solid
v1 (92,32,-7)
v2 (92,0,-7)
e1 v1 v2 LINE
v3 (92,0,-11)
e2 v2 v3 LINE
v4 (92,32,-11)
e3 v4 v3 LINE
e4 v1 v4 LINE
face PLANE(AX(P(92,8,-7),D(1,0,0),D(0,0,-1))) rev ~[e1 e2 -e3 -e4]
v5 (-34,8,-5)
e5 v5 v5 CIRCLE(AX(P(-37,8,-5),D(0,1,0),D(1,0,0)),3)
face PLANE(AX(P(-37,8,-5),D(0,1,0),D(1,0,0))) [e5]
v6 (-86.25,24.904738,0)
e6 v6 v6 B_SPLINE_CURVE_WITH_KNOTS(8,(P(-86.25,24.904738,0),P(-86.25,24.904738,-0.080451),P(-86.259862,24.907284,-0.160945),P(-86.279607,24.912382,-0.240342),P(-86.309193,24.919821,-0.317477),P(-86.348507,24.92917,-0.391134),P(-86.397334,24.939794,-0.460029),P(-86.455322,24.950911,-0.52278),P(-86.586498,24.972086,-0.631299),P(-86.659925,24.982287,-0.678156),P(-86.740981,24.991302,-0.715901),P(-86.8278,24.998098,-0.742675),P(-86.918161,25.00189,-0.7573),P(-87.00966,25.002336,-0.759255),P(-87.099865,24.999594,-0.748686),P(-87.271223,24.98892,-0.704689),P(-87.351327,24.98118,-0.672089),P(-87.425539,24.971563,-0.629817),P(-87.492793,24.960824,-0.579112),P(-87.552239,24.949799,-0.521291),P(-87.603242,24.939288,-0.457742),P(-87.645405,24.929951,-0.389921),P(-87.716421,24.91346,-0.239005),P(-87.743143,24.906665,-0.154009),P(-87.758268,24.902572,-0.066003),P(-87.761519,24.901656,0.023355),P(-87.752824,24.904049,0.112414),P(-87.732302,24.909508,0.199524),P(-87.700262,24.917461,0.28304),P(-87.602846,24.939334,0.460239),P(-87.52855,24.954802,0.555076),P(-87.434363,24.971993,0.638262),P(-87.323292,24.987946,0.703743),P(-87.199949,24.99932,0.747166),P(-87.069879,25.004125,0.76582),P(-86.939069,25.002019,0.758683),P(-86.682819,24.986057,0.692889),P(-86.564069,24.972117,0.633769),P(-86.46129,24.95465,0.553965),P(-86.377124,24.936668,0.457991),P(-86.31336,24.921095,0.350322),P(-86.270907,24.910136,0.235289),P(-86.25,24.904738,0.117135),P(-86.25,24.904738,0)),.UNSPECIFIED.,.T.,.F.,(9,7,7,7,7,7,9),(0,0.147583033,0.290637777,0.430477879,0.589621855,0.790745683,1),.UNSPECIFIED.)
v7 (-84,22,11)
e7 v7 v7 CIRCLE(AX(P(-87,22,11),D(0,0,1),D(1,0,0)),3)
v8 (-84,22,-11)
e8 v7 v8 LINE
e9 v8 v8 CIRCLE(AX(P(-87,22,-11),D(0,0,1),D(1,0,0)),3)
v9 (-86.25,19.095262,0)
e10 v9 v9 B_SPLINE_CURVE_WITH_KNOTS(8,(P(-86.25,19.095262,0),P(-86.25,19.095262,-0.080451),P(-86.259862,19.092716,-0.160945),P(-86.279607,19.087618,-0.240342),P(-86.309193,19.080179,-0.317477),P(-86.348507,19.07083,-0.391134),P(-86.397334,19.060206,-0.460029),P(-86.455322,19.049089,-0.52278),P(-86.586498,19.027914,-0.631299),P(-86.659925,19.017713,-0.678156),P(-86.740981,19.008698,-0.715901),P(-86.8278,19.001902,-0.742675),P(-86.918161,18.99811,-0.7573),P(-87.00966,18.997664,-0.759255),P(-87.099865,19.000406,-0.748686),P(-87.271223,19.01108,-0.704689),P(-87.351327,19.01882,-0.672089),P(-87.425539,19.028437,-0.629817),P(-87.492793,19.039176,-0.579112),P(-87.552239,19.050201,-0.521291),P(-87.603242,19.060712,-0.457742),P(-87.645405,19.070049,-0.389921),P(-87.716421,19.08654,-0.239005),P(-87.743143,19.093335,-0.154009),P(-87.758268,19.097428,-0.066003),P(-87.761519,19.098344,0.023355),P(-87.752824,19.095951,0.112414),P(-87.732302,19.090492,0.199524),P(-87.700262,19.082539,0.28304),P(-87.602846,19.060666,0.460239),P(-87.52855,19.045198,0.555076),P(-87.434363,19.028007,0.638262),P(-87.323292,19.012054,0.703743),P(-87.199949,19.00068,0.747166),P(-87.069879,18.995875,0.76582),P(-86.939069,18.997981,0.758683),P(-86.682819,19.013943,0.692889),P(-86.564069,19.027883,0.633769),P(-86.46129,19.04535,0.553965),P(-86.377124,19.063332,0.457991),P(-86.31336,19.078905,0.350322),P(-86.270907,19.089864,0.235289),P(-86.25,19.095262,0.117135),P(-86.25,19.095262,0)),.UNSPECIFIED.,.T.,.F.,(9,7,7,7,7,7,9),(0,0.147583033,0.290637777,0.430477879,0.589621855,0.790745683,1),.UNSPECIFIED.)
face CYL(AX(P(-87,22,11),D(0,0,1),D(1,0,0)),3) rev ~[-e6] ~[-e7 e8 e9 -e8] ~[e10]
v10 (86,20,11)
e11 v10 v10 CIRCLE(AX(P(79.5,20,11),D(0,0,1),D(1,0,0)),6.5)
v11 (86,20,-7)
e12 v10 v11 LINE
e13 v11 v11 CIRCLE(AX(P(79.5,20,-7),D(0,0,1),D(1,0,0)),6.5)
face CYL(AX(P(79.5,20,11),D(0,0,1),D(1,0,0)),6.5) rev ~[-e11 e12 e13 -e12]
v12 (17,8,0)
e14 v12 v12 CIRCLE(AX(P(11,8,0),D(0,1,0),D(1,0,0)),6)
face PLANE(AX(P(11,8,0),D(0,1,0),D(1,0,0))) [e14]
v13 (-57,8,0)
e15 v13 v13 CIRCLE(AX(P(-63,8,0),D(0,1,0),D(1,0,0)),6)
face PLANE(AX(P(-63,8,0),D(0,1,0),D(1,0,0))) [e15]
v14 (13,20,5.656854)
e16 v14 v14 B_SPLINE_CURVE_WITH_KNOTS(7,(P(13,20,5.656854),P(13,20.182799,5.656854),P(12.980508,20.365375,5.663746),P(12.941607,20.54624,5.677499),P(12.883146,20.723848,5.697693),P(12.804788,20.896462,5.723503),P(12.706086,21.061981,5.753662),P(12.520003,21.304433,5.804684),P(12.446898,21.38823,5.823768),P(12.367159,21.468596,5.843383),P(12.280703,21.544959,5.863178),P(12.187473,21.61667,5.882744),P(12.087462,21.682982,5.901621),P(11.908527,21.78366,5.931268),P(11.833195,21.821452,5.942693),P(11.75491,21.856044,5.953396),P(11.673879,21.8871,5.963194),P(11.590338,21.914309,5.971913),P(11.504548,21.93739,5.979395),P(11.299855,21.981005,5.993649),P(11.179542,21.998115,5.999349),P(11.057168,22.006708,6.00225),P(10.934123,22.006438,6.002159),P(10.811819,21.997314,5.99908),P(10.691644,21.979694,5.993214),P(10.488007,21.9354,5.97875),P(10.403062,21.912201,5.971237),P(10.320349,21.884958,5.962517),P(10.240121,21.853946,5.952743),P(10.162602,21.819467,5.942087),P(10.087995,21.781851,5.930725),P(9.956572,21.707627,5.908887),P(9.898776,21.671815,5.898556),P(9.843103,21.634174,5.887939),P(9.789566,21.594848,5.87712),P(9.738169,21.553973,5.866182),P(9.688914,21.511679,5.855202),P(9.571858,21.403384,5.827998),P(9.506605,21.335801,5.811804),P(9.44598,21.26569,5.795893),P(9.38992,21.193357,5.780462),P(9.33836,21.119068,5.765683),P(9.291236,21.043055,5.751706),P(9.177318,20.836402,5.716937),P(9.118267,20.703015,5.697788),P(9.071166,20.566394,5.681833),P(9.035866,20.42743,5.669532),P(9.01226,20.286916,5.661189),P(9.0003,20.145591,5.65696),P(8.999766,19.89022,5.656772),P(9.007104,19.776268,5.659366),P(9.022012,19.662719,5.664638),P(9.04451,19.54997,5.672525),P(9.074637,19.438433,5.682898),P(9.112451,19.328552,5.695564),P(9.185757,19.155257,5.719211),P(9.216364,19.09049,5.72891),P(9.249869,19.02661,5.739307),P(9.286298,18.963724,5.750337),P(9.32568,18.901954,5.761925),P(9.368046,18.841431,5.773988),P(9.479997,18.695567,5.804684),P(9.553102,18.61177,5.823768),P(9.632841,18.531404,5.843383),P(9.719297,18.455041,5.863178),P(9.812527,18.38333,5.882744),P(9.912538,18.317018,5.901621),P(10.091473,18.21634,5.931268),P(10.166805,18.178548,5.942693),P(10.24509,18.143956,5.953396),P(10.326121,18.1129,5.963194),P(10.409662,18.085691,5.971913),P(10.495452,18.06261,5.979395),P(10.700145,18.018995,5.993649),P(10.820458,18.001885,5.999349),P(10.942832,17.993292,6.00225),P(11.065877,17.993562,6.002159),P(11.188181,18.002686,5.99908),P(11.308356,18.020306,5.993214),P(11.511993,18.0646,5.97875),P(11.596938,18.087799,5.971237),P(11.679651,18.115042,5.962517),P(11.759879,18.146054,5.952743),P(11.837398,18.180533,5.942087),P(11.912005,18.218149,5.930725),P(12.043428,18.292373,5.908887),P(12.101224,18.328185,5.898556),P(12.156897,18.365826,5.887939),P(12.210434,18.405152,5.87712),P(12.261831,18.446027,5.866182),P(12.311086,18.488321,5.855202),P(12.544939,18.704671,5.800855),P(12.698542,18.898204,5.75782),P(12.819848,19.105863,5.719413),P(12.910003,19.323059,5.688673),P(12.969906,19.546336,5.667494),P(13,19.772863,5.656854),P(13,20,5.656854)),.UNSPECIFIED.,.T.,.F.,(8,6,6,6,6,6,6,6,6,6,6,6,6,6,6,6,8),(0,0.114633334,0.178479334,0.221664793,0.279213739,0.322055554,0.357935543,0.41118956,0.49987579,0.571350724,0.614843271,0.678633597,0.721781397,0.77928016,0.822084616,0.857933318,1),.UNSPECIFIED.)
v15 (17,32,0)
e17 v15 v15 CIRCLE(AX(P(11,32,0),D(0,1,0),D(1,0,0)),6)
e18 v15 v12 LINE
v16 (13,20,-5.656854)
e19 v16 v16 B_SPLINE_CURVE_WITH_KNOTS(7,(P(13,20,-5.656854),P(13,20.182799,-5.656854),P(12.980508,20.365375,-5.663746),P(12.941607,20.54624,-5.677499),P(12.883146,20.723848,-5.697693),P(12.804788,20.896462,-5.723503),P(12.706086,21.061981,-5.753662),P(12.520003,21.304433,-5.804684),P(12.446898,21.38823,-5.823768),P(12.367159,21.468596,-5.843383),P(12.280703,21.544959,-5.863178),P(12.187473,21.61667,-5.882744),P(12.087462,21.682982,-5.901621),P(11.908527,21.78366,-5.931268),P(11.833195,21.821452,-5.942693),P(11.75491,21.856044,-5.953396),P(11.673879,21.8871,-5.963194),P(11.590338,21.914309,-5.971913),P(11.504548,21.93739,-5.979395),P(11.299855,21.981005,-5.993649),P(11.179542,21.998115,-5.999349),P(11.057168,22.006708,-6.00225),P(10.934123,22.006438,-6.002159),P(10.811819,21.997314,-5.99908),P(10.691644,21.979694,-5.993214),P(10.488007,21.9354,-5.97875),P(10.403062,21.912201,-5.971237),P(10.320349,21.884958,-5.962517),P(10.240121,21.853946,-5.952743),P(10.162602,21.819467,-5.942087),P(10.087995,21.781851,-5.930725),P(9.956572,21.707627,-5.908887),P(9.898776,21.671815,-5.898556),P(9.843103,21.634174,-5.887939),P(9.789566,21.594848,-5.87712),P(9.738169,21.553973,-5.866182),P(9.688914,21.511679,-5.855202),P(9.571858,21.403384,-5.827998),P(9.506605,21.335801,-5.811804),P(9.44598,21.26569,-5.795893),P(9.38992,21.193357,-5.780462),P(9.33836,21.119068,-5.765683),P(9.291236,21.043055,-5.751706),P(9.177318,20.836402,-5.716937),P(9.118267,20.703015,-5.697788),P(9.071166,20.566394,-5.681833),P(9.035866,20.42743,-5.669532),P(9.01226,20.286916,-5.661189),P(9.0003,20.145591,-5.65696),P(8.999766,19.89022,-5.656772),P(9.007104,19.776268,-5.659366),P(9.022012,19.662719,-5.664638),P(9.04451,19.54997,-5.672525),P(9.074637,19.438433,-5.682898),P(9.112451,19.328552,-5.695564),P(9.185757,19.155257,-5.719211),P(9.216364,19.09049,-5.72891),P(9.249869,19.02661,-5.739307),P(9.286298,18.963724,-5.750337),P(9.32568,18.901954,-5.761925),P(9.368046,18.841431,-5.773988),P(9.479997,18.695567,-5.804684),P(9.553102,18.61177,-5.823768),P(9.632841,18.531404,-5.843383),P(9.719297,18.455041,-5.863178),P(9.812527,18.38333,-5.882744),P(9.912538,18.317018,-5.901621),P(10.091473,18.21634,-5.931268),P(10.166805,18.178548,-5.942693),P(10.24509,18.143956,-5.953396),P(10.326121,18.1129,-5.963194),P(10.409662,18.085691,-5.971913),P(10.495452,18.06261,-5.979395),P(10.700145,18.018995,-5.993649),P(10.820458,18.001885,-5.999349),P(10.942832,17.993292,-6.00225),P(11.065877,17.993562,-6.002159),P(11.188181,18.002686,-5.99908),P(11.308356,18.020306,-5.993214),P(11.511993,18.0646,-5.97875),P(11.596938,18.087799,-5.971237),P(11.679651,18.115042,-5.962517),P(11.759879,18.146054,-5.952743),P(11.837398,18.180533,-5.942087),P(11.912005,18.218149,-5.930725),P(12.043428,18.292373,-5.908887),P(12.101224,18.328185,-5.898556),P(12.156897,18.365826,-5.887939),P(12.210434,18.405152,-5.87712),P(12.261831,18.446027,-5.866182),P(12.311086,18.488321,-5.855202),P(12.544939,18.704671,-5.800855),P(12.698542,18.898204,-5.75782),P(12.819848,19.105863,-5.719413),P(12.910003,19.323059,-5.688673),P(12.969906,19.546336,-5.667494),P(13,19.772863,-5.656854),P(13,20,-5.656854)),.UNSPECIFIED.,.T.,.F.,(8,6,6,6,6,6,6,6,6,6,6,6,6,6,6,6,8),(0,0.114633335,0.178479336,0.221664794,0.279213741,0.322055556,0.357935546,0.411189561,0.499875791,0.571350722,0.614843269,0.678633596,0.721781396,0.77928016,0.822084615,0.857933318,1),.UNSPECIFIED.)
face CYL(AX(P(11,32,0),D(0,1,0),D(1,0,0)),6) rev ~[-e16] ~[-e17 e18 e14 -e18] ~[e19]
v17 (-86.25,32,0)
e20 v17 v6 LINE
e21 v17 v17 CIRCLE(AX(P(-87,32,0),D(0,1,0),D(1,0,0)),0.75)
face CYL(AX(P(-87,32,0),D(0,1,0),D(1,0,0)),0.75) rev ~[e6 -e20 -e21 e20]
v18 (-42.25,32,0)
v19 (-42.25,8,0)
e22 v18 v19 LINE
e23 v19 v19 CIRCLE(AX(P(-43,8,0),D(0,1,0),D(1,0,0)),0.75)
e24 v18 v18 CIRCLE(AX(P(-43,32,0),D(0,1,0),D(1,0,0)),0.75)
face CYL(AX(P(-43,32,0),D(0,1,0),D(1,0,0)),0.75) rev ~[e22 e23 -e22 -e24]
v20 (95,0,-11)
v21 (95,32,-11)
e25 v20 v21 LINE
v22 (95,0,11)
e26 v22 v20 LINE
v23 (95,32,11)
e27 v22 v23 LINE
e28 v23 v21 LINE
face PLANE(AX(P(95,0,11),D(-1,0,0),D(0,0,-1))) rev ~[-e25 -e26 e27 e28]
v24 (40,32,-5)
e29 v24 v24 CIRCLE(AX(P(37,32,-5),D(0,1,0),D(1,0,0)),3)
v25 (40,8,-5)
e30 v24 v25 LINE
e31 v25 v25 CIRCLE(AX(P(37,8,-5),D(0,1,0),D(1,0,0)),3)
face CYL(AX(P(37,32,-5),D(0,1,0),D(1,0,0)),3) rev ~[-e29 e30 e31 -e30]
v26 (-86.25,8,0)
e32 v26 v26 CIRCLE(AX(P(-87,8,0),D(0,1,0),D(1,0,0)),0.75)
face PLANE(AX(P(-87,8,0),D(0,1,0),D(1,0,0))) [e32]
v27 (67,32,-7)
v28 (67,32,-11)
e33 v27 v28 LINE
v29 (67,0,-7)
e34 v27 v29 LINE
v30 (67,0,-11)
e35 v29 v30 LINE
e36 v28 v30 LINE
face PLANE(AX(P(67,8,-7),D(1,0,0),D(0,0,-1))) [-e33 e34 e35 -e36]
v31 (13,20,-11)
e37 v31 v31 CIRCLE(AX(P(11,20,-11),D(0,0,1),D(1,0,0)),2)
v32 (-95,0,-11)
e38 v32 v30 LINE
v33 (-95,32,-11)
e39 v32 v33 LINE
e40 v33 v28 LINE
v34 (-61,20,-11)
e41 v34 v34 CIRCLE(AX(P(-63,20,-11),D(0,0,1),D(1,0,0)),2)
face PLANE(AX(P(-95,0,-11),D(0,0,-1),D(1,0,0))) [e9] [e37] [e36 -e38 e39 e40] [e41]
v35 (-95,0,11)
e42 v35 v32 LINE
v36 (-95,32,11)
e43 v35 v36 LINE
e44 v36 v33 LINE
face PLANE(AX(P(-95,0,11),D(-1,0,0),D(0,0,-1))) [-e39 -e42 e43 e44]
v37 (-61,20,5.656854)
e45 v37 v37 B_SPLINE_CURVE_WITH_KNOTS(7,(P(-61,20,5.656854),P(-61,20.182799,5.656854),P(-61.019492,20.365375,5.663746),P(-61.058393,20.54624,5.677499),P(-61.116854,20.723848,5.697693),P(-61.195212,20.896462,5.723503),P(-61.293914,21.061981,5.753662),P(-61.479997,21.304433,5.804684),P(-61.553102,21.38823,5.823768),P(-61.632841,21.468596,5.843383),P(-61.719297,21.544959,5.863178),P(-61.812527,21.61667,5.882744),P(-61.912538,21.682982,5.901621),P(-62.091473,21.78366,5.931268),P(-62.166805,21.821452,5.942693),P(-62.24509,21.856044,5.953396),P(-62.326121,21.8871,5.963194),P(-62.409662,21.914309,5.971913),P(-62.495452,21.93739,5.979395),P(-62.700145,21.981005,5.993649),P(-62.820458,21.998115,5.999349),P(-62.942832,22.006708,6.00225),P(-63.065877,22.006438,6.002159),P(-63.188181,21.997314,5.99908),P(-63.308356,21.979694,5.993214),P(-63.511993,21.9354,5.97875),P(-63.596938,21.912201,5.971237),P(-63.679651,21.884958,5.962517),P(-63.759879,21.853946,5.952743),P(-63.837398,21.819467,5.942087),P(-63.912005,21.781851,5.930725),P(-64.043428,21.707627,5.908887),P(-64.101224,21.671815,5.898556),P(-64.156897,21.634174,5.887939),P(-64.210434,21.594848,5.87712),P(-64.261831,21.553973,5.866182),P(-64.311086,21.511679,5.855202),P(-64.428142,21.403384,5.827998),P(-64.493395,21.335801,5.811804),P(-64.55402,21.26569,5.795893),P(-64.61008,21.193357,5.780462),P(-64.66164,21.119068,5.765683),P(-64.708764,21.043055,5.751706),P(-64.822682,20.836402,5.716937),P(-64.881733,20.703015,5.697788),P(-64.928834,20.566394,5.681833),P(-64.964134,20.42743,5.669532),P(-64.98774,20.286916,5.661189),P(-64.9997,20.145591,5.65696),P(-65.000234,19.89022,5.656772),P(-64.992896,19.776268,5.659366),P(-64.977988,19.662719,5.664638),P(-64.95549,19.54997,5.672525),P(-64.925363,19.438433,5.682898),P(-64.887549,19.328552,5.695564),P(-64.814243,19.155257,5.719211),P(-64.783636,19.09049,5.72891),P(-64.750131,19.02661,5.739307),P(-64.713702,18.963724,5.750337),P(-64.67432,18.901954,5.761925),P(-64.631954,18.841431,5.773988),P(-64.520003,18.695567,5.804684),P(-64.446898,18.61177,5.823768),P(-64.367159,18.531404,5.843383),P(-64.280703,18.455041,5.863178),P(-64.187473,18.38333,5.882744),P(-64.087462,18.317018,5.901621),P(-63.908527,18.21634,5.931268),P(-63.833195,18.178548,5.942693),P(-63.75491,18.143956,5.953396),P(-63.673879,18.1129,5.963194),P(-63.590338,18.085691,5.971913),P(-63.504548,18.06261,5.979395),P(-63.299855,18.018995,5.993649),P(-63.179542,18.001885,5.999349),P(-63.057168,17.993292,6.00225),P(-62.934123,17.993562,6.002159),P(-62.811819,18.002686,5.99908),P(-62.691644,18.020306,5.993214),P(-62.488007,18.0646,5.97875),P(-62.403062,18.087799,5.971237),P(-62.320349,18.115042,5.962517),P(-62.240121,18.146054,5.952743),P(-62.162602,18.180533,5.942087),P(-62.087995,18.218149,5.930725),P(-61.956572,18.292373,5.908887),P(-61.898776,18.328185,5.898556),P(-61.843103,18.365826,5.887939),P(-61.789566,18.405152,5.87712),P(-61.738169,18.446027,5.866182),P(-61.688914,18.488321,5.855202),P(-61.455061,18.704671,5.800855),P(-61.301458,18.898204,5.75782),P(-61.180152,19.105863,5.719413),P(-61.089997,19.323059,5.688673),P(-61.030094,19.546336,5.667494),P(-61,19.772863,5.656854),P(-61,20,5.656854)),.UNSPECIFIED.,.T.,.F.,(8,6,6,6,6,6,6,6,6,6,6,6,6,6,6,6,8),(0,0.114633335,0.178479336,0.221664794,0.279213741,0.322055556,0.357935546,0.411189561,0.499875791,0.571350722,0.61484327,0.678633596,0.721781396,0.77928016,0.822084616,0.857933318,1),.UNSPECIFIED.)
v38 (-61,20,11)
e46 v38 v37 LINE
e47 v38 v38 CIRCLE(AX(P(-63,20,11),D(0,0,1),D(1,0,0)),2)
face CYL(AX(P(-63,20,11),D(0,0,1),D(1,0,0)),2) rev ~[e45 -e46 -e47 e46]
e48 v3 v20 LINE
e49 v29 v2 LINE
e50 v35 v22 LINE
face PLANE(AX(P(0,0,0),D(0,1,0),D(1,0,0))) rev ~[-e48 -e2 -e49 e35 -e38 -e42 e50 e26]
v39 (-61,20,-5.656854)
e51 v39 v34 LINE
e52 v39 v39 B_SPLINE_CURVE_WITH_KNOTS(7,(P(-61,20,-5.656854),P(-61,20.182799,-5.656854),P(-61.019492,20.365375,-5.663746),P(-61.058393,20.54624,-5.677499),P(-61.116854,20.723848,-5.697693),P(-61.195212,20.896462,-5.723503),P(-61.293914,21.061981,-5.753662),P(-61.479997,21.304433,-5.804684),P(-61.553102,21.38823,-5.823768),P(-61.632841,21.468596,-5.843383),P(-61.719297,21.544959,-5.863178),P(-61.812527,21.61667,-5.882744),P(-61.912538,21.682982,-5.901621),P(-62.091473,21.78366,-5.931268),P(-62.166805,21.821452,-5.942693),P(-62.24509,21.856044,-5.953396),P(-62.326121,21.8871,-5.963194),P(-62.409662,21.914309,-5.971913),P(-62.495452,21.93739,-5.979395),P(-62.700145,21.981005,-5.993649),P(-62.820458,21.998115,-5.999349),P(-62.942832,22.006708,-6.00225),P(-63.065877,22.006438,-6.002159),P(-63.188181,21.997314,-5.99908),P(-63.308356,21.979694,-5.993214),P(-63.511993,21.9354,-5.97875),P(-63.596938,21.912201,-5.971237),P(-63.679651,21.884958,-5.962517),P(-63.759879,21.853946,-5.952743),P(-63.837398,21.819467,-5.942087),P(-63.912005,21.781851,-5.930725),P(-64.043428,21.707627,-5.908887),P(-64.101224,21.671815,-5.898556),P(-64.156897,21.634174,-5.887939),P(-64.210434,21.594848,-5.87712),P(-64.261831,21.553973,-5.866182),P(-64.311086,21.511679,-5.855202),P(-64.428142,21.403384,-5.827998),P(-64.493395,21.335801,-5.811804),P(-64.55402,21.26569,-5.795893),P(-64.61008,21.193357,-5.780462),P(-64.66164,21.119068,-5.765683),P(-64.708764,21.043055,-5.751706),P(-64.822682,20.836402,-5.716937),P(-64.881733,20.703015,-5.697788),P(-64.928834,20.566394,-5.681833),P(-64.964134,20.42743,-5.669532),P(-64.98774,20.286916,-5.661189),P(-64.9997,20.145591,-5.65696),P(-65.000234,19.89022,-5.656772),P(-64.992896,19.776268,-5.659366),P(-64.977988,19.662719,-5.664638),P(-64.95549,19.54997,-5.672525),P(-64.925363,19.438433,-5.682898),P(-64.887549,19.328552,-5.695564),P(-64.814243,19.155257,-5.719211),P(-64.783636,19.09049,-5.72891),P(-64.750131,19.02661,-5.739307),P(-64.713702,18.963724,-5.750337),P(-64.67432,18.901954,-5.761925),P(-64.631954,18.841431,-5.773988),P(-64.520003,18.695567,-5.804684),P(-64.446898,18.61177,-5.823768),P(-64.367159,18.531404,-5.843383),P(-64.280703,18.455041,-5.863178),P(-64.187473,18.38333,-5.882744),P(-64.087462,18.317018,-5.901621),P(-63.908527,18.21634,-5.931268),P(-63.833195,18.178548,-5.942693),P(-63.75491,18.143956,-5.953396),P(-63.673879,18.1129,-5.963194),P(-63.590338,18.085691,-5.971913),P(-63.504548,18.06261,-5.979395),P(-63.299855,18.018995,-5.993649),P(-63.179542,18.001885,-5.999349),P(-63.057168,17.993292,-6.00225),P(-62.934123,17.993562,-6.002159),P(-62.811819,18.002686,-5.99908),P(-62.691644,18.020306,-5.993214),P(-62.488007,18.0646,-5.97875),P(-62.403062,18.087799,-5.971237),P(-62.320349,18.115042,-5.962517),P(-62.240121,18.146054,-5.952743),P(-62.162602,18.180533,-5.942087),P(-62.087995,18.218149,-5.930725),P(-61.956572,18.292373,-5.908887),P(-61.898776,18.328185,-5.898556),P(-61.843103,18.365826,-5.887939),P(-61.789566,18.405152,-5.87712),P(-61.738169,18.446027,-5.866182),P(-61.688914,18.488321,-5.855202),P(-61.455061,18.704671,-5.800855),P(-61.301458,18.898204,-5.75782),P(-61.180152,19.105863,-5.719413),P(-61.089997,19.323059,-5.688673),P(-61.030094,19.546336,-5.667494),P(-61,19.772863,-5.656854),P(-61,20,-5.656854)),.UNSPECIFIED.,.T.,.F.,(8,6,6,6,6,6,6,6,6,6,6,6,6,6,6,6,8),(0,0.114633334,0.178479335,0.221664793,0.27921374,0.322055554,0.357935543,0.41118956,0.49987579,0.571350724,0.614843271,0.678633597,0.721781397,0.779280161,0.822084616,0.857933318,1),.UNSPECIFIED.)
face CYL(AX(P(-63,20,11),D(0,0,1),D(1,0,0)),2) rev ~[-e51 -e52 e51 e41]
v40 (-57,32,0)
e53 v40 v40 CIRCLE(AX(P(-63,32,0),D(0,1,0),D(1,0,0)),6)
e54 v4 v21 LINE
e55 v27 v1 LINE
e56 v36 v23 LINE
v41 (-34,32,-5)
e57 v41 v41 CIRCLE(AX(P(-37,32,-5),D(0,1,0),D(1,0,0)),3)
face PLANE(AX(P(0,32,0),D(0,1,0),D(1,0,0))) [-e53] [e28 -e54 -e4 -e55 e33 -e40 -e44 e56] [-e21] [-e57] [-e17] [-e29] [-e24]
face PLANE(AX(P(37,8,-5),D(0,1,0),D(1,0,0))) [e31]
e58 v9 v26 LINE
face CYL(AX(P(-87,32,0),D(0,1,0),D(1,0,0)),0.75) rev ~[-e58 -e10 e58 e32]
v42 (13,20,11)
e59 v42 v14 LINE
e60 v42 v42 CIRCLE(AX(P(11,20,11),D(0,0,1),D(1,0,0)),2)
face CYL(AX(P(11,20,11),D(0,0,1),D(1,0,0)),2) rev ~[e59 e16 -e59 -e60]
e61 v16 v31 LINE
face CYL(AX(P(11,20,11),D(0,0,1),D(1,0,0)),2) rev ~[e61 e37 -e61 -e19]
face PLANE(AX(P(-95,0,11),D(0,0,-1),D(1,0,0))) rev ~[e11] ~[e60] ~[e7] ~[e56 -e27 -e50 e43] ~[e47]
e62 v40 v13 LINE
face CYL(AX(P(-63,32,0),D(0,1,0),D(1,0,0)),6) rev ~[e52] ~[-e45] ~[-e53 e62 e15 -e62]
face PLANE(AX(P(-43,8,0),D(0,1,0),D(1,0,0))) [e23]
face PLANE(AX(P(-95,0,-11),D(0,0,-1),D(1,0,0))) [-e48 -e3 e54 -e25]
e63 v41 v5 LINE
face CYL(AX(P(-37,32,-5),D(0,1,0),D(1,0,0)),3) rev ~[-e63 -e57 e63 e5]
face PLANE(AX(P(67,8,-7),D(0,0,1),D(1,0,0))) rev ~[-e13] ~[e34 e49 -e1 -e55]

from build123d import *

# Parameters (mm, degrees)
SKETCH2_W           = 190
SKETCH2_H           = 22
BOSS_EXTRUDE1_DEPTH = 32
SKETCH3_R           = 0.75
SKETCH3_R_2         = 6
SKETCH3_R_3         = 3
SKETCH3_W           = 25
SKETCH3_H           = 4
CUT_EXTRUDE1_DEPTH  = 24
SKETCH4_W           = 25
SKETCH4_H           = 4
CUT_EXTRUDE2_DEPTH  = 9
SKETCH5_R           = 3
SKETCH5_R_2         = 2
SKETCH5_R_3         = 6.5
CUT_EXTRUDE3_DEPTH  = 24


with BuildPart() as part:
    # Sketch2 → Boss-Extrude1 (new body)
    with BuildSketch(Plane(origin=(0, 0, 0), x_dir=(1, 0, 0), z_dir=(0, 1, 0))):
        Rectangle(SKETCH2_W, SKETCH2_H)
    extrude(amount=BOSS_EXTRUDE1_DEPTH)

    # Sketch3 → Cut-Extrude1 (cut)
    with BuildSketch(Plane(origin=(0, 32, 0), x_dir=(1, 0, 0), z_dir=(0, 1, 0))):
        with Locations((-87, 0)):
            Circle(SKETCH3_R)
        with Locations((-63, 0)):
            Circle(SKETCH3_R_2)
        with Locations((-37, 5)):
            Circle(SKETCH3_R_3)
        with Locations((-43, 0)):
            Circle(SKETCH3_R)
        with Locations((11, 0)):
            Circle(SKETCH3_R_2)
        with Locations((37, 5)):
            Circle(SKETCH3_R_3)
        with Locations((79.5, 9)):
            Rectangle(SKETCH3_W, SKETCH3_H)
    extrude(amount=-CUT_EXTRUDE1_DEPTH, mode=Mode.SUBTRACT)

    # Sketch4 → Cut-Extrude2 (cut, through all)
    with BuildSketch(Plane(origin=(0, 8, 0), x_dir=(1, 0, 0), z_dir=(0, 1, 0))):
        with Locations((79.5, 9)):
            Rectangle(SKETCH4_W, SKETCH4_H)
    extrude(amount=-CUT_EXTRUDE2_DEPTH, mode=Mode.SUBTRACT)

    # Sketch5 → Cut-Extrude3 (cut)
    with BuildSketch(Plane.XY.offset(11)):
        with Locations((-87, 22)):
            Circle(SKETCH5_R)
        with Locations((-63, 20)):
            Circle(SKETCH5_R_2)
        with Locations((11, 20)):
            Circle(SKETCH5_R_2)
        with Locations((79.5, 20)):
            Circle(SKETCH5_R_3)
    extrude(amount=-CUT_EXTRUDE3_DEPTH, mode=Mode.SUBTRACT)


solid = part.part
